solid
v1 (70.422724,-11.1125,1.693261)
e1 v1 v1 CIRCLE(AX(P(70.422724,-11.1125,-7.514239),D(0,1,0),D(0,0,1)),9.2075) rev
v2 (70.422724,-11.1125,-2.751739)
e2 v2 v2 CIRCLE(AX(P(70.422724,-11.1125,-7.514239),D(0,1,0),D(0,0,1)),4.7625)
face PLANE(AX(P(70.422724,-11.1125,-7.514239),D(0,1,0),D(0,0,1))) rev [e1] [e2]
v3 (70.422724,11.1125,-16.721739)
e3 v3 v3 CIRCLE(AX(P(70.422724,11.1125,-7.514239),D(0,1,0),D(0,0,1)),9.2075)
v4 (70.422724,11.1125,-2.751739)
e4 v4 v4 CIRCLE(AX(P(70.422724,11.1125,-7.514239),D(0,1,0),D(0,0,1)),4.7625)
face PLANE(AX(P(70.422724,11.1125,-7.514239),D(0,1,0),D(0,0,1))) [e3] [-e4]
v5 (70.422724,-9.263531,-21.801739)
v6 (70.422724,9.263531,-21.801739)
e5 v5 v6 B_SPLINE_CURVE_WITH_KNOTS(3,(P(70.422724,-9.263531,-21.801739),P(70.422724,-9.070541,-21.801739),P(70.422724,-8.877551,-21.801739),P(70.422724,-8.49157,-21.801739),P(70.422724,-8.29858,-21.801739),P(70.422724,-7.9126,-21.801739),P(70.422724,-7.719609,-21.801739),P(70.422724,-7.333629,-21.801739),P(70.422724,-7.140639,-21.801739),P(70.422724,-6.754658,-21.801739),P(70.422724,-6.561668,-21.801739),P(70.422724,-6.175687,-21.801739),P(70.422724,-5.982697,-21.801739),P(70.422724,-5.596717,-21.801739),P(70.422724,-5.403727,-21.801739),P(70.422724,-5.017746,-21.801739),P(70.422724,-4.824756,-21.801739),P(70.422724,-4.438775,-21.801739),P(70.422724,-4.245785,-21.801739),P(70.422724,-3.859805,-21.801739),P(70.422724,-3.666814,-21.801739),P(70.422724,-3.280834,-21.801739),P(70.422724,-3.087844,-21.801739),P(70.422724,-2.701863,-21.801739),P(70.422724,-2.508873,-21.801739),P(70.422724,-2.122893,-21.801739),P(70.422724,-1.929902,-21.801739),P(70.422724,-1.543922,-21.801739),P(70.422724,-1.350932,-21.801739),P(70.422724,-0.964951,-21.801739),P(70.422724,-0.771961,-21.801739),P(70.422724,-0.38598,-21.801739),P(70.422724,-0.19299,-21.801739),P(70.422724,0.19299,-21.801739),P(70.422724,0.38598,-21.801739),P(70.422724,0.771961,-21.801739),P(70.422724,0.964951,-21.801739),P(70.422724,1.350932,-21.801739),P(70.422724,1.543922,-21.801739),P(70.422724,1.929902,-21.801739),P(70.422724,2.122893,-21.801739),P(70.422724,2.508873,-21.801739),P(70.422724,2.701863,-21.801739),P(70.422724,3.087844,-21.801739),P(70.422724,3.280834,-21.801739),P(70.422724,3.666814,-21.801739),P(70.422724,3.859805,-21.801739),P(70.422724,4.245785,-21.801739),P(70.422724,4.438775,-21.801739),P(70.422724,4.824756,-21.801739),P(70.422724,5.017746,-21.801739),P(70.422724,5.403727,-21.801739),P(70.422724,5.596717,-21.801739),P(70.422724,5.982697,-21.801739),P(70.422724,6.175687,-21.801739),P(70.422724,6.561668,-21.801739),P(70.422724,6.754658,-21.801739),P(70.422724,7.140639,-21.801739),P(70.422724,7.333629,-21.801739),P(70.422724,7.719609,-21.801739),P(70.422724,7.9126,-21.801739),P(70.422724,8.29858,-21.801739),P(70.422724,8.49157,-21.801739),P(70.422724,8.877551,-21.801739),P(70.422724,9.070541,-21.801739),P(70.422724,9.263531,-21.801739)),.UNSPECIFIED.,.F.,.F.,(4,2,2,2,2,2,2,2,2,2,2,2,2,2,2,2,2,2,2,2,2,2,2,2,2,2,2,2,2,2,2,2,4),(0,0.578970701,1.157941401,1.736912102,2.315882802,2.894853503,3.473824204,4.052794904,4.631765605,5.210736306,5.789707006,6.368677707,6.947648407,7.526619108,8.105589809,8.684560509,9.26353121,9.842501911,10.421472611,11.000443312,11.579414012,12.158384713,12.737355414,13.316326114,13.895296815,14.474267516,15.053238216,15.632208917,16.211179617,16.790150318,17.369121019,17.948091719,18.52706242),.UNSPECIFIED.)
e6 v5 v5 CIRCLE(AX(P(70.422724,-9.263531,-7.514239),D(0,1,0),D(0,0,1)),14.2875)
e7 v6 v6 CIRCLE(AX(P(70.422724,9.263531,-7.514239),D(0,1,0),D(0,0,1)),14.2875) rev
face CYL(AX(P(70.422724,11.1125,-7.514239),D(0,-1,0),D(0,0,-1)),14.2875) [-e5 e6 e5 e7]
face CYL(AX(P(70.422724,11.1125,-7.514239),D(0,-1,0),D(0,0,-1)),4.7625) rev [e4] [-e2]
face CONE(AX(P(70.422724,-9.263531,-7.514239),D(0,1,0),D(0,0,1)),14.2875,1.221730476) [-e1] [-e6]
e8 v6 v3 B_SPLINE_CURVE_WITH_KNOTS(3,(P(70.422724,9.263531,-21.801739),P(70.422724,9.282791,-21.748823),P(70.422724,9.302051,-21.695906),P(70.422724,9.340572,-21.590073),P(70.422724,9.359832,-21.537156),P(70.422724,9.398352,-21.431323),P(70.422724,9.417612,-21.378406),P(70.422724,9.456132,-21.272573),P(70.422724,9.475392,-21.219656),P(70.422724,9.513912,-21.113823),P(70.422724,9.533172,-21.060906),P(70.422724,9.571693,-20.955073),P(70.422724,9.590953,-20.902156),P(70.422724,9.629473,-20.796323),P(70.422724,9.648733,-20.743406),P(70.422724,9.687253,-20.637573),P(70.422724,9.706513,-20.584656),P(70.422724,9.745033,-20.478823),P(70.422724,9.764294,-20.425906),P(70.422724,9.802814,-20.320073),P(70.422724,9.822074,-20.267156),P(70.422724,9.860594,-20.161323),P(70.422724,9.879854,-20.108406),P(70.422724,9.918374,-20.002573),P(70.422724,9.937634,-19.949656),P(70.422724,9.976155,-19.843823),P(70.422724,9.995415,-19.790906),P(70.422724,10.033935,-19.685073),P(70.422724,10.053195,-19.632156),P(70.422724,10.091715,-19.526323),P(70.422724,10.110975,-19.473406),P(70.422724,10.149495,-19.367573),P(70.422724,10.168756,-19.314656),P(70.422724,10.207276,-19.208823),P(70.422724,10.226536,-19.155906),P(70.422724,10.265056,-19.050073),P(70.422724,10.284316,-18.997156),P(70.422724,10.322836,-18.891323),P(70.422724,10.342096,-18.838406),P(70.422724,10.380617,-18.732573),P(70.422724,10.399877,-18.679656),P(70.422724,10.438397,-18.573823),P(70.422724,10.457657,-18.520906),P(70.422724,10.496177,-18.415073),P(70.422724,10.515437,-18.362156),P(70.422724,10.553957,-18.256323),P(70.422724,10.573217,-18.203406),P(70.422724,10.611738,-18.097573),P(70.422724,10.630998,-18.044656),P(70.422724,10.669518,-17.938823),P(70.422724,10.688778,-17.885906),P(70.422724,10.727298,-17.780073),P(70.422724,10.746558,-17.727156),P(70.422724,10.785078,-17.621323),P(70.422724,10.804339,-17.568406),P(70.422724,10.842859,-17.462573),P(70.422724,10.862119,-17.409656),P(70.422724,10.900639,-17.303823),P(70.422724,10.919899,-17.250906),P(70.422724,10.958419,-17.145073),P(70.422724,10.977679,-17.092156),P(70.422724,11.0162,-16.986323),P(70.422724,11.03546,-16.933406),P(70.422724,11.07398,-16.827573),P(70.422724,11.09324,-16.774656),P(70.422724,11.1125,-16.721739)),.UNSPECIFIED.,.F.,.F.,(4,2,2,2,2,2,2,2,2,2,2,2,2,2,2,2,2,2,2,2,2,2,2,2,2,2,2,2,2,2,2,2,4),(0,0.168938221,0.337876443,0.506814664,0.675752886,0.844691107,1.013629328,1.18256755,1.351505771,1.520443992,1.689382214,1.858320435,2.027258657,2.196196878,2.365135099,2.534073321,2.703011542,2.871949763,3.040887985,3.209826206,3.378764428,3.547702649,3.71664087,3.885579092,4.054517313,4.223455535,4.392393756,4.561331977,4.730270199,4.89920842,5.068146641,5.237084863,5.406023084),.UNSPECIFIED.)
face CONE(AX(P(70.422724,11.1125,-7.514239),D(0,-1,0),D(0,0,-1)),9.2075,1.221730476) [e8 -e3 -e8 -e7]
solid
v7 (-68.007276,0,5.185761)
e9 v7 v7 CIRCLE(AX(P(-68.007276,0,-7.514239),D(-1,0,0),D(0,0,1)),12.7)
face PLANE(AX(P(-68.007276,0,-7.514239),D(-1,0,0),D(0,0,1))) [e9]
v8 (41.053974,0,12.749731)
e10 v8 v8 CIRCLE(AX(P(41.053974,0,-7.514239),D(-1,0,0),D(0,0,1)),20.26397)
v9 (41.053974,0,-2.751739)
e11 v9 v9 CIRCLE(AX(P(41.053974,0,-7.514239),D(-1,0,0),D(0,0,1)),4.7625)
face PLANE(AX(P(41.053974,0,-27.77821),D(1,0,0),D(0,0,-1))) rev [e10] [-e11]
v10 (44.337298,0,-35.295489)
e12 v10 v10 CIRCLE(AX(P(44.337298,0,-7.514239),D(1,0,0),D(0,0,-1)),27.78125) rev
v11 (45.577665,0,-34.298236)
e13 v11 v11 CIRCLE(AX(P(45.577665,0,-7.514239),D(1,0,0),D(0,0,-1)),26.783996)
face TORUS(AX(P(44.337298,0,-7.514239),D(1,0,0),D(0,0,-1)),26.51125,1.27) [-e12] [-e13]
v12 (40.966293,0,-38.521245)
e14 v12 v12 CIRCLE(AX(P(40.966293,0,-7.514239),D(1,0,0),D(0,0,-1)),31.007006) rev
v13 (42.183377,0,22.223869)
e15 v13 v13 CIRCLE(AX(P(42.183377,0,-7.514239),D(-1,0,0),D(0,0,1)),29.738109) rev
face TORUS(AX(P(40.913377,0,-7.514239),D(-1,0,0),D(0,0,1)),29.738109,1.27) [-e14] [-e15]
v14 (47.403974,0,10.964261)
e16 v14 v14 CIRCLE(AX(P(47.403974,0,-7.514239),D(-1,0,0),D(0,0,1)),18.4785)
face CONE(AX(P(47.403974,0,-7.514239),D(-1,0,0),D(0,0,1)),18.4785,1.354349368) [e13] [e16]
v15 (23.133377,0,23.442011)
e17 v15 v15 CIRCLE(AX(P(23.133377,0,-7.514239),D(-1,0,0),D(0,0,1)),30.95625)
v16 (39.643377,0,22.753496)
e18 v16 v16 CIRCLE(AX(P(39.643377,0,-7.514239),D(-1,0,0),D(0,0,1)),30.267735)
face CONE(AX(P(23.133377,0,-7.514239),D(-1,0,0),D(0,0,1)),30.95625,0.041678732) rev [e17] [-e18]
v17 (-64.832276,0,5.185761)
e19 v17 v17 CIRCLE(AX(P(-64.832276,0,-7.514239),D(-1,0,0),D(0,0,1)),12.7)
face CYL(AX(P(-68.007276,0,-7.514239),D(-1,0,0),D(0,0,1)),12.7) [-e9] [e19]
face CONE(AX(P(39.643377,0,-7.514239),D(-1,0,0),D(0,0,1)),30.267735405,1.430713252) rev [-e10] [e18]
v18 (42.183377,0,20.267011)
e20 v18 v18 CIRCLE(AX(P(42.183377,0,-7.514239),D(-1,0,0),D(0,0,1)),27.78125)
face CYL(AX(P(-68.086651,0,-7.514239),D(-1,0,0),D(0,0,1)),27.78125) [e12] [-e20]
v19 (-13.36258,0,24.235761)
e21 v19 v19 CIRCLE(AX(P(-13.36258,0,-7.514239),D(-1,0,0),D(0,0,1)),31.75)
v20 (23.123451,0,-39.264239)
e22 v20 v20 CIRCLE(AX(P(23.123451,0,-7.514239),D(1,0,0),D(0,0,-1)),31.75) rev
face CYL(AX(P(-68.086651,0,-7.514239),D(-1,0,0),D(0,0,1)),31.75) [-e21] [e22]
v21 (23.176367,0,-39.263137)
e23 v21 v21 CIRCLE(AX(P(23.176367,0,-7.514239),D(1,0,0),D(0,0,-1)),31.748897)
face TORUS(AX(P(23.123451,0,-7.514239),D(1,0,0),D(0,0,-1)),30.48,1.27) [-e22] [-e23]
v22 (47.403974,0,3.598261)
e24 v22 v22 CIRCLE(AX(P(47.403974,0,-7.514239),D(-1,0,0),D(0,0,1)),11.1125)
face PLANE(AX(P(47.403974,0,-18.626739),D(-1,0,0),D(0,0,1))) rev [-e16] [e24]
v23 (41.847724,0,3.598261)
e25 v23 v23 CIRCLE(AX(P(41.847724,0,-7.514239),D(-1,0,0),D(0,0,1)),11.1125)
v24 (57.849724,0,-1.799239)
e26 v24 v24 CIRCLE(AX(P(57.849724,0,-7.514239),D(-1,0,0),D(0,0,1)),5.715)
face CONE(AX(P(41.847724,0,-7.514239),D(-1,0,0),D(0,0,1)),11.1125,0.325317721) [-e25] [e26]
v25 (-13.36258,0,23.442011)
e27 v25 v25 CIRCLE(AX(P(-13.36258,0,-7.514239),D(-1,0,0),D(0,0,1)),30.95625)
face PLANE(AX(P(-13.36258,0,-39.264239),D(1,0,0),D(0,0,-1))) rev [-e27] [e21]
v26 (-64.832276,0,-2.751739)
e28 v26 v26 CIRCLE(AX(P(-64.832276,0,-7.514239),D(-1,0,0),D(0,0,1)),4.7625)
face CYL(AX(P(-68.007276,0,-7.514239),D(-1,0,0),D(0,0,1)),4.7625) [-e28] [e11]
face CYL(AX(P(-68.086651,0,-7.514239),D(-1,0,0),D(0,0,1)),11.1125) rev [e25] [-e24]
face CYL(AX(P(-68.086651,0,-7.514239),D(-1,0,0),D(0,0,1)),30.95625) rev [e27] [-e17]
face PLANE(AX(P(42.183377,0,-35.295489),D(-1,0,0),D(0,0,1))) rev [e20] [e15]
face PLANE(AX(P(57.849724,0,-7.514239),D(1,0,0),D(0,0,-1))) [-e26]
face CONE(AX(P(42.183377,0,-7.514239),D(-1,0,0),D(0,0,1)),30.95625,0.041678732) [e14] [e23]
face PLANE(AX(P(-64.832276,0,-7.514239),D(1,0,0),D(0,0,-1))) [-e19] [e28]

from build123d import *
from OCP.BRepFilletAPI import BRepFilletAPI_MakeChamfer

# Parameters (mm, degrees)
SKETCH2_R           = 14.2875
SKETCH2_R_2         = 4.7625
BOSS_EXTRUDE1_DEPTH = 11.1125
CHAMFER1_SIZE       = 5.08
CHAMFER1_SIZE2      = 1.84896879
FILLET1_R           = 1.27


with BuildPart() as part:
    # Sketch1 → Revolve1 (revolve)
    with BuildSketch(Plane(origin=(0, 0, 0), x_dir=(1, 0, 0), z_dir=(0, 1, 0)), mode=Mode.PRIVATE) as revolve1_sk:
        Polygon((-68.007276158, 20.214239498), (-68.007276158, 7.514239498), (57.849723842, 7.514239498), (57.849723842, 13.229239498), (41.847723842, 18.626739498), (41.847723842, 12.276739498), (-64.832276158, 12.276739498), (-64.832276158, 20.214239498), align=None)
    revolve(revolve1_sk.sketch.rotate(Axis((-68.007276158, 0, -7.514239498), (1, 0, 0)), 180), axis=Axis((-68.007276158, 0, -7.514239498), (1, 0, 0)))

    # Sketch3 → Revolve2 (revolve)
    with BuildSketch(Plane(origin=(0, 0, 0), x_dir=(1, 0, 0), z_dir=(0, 1, 0)), mode=Mode.PRIVATE) as revolve2_sk:
        Polygon((41.847723842, 12.276739498), (41.847723842, 18.626739498), (47.403973842, 18.626739498), (47.403973842, 25.992739498), (45.358376756, 35.295489498), (42.183376756, 35.295489498), (42.183376756, 38.470489498), (23.149920398, 39.264239498), (-13.362579602, 39.264239498), (-13.362579602, 38.470489498), (23.133376756, 38.470489498), (39.643376756, 37.781974903), (41.053973842, 27.778209953), (41.053973842, 12.276739498), align=None)
        Polygon((41.053973842, 2.751739498), (41.847723842, 2.751739498), (41.847723842, -3.598260502), (47.403973842, -3.598260502), (47.403973842, -10.964260502), (45.358376756, -20.267010502), (42.183376756, -20.267010502), (42.183376756, -23.442010502), (23.149920398, -24.235760502), (-13.362579602, -24.235760502), (-13.362579602, -23.442010502), (23.133376756, -23.442010502), (39.643376756, -22.753495907), (41.053973842, -12.749730957), align=None)
    revolve(revolve2_sk.sketch.rotate(Axis((-68.086651194, 0, -7.514239498), (1, 0, 0)), 180), axis=Axis((-68.086651194, 0, -7.514239498), (1, 0, 0)))

    # Fillet1
    fillet1_edges = [part.edges().sort_by_distance(p)[0] for p in [
        (45.358376756, 0, -35.295489498),
        (42.183376756, 0, -38.470489498),
        (23.149920398, 0, -39.264239498),
    ]]
    fillet(fillet1_edges, radius=FILLET1_R)


with BuildPart() as body_2:
    # Sketch2 → Boss-Extrude1 (new, symmetric)
    with BuildSketch(Plane(origin=(0, 0, 0), x_dir=(1, 0, 0), z_dir=(0, 1, 0))):
        with Locations(Location((70.422723842, 7.514239498, 0), (0, 0, 270))):
            Circle(SKETCH2_R)
        with Locations(Location((70.422723842, 7.514239498, 0), (0, 0, 270))):
            Circle(SKETCH2_R_2, mode=Mode.SUBTRACT)
    extrude(amount=BOSS_EXTRUDE1_DEPTH, both=True)

    # Chamfer1: one chamfer whose edges measure the first distance from different faces: ONE call of the kernel's chamfer builder (chamfer() names one face for all edges)
    chamfer1_edges_1 = [body_2.edges().sort_by_distance(p)[0] for p in [
        (70.422723842, -11.1125, -21.801739498),
    ]]
    chamfer1_side_1 = [body_2.faces().sort_by_distance(p)[0] for p in [
        (70.422723842, -11.1125, -21.397627972),
    ]]
    chamfer1_edges_2 = [body_2.edges().sort_by_distance(p)[0] for p in [
        (70.422723842, 11.1125, -21.801739498),
    ]]
    chamfer1_side_2 = [body_2.faces().sort_by_distance(p)[0] for p in [
        (70.422723842, 11.1125, -21.397627972),
    ]]
    chamfer1 = BRepFilletAPI_MakeChamfer(body_2.part.solid().wrapped)
    for e in chamfer1_edges_1:
        chamfer1.Add(CHAMFER1_SIZE, CHAMFER1_SIZE2, e.wrapped, chamfer1_side_1[0].wrapped)  # the first distance lies on this face
    for e in chamfer1_edges_2:
        chamfer1.Add(CHAMFER1_SIZE, CHAMFER1_SIZE2, e.wrapped, chamfer1_side_2[0].wrapped)  # the first distance lies on this face
    add(Compound.cast(chamfer1.Shape()), mode=Mode.REPLACE)


solid = Compound([part.part, body_2.part])
